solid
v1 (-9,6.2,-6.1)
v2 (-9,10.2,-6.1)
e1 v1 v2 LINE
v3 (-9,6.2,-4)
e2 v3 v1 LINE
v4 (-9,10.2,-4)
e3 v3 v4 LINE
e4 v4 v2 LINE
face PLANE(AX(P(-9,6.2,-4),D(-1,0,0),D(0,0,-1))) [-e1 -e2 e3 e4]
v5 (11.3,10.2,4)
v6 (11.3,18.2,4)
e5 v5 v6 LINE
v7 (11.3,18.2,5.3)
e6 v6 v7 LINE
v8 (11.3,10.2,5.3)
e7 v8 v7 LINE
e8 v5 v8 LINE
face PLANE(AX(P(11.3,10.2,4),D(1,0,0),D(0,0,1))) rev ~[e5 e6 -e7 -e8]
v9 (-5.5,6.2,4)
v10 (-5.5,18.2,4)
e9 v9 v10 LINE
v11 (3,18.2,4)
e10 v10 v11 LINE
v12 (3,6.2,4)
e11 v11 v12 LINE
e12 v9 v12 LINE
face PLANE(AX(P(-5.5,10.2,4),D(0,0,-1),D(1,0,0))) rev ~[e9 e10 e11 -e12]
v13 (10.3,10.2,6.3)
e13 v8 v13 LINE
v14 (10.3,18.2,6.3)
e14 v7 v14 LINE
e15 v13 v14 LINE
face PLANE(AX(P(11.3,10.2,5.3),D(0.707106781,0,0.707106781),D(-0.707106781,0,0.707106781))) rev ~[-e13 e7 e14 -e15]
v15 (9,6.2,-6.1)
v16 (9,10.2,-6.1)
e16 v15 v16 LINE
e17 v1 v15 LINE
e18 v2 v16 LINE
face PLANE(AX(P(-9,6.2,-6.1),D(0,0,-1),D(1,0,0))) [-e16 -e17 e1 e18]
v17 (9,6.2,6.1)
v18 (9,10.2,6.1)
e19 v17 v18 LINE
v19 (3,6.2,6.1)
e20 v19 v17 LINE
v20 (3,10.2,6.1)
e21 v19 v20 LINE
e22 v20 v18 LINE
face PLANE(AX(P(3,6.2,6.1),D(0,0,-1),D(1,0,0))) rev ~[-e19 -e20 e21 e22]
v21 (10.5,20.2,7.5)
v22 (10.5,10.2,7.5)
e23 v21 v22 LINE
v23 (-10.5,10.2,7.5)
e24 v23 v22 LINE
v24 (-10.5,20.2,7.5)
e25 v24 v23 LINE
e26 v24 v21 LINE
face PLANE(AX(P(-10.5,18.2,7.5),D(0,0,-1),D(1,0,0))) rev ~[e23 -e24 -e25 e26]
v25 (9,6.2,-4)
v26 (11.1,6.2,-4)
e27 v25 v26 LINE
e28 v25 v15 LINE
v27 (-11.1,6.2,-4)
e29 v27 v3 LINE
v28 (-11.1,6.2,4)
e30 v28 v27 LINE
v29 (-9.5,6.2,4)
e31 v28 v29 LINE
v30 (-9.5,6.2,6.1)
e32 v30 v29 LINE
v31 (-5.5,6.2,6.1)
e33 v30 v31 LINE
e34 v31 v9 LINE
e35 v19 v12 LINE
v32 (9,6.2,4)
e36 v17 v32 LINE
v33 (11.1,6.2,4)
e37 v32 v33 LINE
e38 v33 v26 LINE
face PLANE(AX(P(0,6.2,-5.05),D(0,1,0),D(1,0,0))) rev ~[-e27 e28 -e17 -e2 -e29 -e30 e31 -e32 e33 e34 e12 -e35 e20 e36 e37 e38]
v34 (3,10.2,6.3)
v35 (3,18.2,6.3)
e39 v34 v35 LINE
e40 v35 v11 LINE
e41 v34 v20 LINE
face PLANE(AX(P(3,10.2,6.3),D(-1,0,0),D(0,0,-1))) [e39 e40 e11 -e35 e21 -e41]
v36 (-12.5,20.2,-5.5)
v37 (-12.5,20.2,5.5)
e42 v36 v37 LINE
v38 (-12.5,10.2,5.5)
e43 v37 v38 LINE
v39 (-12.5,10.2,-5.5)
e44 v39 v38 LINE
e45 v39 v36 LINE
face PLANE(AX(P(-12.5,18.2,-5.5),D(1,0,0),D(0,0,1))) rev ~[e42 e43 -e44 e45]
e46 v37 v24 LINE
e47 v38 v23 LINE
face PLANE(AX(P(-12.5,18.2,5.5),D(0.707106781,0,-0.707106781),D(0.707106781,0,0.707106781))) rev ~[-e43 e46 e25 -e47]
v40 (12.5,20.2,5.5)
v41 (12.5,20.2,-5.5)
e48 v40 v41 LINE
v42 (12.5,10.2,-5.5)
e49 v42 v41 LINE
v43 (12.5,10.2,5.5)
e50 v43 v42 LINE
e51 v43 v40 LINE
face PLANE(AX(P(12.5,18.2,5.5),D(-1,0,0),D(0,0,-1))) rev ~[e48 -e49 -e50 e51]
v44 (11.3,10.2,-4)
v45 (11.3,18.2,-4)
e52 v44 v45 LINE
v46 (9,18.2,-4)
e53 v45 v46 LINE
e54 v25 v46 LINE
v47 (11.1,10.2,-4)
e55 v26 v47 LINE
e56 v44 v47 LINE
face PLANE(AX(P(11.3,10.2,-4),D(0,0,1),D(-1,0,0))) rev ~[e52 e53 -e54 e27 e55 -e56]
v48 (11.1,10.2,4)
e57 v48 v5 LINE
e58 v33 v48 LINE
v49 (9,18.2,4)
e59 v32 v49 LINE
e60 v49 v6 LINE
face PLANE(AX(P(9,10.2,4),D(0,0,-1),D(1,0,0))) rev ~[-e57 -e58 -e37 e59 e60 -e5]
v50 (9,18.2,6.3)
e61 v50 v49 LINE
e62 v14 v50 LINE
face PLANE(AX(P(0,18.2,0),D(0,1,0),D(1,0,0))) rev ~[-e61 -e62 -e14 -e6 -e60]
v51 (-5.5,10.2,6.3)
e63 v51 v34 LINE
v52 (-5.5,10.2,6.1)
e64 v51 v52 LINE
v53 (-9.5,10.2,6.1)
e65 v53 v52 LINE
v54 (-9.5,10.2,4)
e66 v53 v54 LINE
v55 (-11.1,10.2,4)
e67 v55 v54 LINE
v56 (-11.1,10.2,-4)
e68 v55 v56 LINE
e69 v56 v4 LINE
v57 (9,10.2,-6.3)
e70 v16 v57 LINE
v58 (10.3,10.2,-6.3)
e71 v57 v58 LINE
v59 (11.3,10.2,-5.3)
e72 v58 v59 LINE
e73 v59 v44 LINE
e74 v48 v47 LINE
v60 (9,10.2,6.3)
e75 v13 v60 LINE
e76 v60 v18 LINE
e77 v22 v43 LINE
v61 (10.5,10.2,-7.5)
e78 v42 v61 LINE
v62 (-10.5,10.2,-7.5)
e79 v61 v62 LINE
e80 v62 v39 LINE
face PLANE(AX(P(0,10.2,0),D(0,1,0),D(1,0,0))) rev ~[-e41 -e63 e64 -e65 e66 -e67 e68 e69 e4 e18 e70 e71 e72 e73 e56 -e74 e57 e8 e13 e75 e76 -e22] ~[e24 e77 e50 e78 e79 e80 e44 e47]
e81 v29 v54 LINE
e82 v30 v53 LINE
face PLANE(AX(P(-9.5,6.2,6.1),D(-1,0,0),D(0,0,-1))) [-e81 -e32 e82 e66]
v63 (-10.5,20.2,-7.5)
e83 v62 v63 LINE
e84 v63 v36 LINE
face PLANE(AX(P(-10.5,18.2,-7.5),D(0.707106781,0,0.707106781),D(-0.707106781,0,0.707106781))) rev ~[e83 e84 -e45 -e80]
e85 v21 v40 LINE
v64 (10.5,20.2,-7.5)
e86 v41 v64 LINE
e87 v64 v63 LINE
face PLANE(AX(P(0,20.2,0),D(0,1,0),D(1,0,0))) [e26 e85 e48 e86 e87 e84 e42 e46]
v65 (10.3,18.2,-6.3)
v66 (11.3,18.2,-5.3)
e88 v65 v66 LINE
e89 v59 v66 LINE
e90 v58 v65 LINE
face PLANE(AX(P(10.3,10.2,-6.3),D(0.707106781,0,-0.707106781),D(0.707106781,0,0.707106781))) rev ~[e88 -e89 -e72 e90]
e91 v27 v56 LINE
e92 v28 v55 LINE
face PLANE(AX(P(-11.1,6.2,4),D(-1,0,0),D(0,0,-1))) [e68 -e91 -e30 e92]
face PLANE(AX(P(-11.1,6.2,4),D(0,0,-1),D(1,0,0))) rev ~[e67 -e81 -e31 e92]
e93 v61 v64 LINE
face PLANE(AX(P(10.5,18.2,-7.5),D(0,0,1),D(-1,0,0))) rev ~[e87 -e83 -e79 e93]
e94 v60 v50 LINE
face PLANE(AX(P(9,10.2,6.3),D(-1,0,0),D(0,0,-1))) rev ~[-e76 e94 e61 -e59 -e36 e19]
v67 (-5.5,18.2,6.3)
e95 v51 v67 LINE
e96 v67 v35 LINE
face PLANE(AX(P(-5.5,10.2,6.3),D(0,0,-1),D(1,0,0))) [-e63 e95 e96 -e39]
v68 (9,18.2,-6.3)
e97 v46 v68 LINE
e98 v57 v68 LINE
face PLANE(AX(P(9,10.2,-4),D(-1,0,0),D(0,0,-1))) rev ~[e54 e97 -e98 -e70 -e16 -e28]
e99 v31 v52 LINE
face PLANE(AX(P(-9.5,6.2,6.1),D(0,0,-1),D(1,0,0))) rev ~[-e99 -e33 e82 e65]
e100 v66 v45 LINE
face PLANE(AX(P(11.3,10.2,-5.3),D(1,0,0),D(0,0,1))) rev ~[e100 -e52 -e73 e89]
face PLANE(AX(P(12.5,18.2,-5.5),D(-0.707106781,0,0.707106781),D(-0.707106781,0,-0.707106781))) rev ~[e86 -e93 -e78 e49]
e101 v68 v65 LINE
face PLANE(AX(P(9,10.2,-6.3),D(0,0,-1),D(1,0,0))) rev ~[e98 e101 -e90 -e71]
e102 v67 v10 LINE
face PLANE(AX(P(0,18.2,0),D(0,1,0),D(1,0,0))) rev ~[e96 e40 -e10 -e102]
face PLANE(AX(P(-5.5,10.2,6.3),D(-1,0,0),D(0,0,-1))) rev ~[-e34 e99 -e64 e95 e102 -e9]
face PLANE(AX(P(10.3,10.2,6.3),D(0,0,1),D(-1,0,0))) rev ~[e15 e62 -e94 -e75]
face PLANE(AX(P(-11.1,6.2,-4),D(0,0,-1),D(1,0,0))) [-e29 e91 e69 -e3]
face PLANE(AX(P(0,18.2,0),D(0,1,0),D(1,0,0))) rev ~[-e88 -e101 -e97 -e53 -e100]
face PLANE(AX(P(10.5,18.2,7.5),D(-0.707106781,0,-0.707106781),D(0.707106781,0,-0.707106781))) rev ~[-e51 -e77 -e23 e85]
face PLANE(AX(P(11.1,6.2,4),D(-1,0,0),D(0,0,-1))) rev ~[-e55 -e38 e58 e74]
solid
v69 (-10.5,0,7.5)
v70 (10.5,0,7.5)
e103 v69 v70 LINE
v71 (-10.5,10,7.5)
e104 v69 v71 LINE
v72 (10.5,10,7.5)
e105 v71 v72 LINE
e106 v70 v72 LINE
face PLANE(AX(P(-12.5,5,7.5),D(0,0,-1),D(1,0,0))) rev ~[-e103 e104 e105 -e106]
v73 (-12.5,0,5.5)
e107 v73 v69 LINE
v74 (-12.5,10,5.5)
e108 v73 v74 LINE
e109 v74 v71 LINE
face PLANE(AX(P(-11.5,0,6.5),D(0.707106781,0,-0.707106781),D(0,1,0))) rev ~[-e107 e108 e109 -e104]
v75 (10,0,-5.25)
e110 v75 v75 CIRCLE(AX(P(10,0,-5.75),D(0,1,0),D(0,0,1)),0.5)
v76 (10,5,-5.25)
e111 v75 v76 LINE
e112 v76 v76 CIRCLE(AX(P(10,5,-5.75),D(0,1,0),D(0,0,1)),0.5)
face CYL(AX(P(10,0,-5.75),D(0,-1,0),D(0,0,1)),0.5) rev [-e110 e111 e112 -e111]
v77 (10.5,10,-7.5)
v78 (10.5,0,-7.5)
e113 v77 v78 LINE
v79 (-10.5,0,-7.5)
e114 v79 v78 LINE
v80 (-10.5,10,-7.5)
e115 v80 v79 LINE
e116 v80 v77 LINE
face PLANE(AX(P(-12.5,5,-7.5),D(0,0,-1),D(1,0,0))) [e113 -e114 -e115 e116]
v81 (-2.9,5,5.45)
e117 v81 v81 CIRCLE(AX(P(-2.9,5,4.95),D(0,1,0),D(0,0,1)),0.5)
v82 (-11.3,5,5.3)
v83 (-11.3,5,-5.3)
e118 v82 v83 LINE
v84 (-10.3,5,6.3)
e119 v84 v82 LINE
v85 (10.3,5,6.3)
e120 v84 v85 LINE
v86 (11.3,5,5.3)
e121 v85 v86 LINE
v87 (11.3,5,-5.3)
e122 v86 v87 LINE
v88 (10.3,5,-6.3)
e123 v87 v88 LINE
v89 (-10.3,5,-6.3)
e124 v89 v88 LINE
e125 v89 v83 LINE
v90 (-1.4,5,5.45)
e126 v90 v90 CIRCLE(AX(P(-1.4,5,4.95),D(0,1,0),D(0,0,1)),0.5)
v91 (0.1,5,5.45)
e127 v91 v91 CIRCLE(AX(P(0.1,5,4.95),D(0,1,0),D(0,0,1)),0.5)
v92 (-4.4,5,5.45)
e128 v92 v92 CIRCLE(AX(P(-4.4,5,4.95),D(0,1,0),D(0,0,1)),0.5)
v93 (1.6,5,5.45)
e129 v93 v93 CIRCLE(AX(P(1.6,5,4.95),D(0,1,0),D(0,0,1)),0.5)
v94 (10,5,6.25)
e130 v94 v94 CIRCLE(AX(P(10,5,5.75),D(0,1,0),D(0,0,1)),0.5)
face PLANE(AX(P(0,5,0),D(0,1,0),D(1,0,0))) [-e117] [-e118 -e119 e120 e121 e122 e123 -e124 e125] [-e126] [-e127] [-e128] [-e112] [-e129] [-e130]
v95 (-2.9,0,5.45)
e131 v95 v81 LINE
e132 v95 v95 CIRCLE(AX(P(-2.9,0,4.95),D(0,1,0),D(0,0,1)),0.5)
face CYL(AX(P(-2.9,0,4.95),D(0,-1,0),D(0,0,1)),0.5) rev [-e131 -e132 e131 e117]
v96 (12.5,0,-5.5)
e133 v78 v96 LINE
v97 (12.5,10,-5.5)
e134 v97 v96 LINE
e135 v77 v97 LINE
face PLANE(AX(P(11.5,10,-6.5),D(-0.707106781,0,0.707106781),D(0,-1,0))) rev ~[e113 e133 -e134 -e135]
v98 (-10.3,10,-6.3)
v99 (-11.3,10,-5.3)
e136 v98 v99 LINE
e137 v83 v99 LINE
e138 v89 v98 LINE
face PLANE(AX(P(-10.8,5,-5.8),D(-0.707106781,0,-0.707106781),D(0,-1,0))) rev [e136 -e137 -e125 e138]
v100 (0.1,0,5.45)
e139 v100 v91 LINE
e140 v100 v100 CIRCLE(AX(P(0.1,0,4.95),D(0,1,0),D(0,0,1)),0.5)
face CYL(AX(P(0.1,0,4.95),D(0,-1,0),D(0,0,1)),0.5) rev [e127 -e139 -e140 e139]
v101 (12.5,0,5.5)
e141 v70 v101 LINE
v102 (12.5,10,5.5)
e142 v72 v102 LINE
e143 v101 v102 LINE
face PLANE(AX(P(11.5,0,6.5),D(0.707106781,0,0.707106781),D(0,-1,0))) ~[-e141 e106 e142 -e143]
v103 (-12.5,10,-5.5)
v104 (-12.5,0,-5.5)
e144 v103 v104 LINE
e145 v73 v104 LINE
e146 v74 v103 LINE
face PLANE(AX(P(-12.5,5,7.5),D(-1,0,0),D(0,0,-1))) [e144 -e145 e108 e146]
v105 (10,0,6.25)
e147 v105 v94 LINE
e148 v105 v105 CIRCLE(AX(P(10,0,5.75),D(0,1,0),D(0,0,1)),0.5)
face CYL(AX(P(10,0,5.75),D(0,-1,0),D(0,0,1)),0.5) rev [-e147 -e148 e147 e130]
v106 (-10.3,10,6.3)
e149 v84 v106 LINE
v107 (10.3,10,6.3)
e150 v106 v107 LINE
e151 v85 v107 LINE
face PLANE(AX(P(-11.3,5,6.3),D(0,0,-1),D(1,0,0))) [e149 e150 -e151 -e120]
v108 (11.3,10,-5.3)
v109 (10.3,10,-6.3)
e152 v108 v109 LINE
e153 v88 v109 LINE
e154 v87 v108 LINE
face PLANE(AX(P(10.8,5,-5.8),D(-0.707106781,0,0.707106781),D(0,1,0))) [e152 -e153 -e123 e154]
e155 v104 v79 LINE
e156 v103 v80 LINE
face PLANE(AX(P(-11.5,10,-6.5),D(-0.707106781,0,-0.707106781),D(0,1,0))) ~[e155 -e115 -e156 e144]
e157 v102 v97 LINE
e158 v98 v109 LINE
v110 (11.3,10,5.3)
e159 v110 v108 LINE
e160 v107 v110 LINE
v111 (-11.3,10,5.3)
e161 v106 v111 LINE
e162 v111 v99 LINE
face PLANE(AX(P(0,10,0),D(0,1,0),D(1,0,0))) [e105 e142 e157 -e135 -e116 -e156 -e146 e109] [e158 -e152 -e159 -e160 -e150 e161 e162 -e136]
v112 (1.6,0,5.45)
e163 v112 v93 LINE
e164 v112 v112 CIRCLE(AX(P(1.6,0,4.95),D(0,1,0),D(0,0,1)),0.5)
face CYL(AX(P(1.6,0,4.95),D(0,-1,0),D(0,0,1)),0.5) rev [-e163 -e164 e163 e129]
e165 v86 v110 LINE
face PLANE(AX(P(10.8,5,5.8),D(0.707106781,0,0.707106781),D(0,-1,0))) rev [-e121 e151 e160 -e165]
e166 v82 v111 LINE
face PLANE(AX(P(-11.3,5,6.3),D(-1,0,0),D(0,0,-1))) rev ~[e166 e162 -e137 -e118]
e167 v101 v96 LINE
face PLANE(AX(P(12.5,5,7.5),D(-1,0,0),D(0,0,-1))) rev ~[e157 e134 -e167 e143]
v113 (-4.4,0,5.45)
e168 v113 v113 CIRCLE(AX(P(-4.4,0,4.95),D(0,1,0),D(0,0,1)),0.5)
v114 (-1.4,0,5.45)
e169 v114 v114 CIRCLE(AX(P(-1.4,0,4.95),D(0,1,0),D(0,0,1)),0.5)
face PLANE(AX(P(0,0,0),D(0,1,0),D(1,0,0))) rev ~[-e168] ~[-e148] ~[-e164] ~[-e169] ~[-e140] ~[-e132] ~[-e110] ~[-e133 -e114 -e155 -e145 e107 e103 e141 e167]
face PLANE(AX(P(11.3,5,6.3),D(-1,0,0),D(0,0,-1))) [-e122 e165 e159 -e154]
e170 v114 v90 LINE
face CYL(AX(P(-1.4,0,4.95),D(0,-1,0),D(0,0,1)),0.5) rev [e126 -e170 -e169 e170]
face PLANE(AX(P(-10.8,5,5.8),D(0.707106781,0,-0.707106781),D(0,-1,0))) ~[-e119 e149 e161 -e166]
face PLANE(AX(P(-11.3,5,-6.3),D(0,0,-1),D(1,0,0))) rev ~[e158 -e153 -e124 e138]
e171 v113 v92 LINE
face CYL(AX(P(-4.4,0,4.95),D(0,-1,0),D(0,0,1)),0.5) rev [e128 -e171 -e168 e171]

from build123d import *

# Parameters (mm, degrees)
SKETCH2_W           = 25
SKETCH2_H           = 15
SKETCH2_R           = 0.5
BOSS_EXTRUDE1_DEPTH = 5
SKETCH3_W           = 25
SKETCH3_H           = 15
SKETCH3_W_2         = 22.6
SKETCH3_H_2         = 12.6
BOSS_EXTRUDE2_DEPTH = 5
CHAMFER1_SIZE       = 1
CHAMFER2_SIZE       = 2
BOSS_EXTRUDE3_START = 1.2
SKETCH4_W           = 18
SKETCH4_H           = 2.1
SKETCH4_W_2         = 22.2
SKETCH4_H_2         = 8
SKETCH4_W_3         = 4
SKETCH4_W_4         = 6
BOSS_EXTRUDE3_DEPTH = 4
SKETCH5_W           = 8.5
SKETCH5_H           = 2.3
BOSS_EXTRUDE4_DEPTH = 8
BOSS_EXTRUDE5_DEPTH = 2


with BuildPart() as part:
    # Sketch2 → Boss-Extrude1 (new body)
    with BuildSketch(Plane(origin=(0, 0, 0), x_dir=(1, 0, 0), z_dir=(0, 1, 0))):
        Rectangle(SKETCH2_W, SKETCH2_H)
        with Locations(Location((1.6, -4.95, 0), (0, 0, 270))):
            Circle(SKETCH2_R, mode=Mode.SUBTRACT)
        with Locations(Location((0.1, -4.95, 0), (0, 0, 270))):
            Circle(SKETCH2_R, mode=Mode.SUBTRACT)
        with Locations(Location((-1.4, -4.95, 0), (0, 0, 270))):
            Circle(SKETCH2_R, mode=Mode.SUBTRACT)
        with Locations(Location((-2.9, -4.95, 0), (0, 0, 270))):
            Circle(SKETCH2_R, mode=Mode.SUBTRACT)
        with Locations(Location((-4.4, -4.95, 0), (0, 0, 270))):
            Circle(SKETCH2_R, mode=Mode.SUBTRACT)
        with Locations(Location((10, -5.75, 0), (0, 0, 270))):
            Circle(SKETCH2_R, mode=Mode.SUBTRACT)
        with Locations(Location((10, 5.75, 0), (0, 0, 270))):
            Circle(SKETCH2_R, mode=Mode.SUBTRACT)
    extrude(amount=BOSS_EXTRUDE1_DEPTH)

    # Sketch3 → Boss-Extrude2 (add)
    with BuildSketch(Plane(origin=(0, 5, 0), x_dir=(1, 0, 0), z_dir=(0, 1, 0))):
        Rectangle(SKETCH3_W, SKETCH3_H)
        Rectangle(SKETCH3_W_2, SKETCH3_H_2, mode=Mode.SUBTRACT)
    extrude(amount=BOSS_EXTRUDE2_DEPTH)

    # Chamfer1
    chamfer1_edges = [part.edges().sort_by_distance(p)[0] for p in [
        (11.3, 7.5, 6.3),
        (11.3, 7.5, -6.3),
        (-11.3, 7.5, -6.3),
        (-11.3, 7.5, 6.3),
    ]]
    chamfer(chamfer1_edges, length=CHAMFER1_SIZE)

    # Chamfer2
    chamfer2_edges = [part.edges().sort_by_distance(p)[0] for p in [
        (12.5, 5, 7.5),
        (-12.5, 5, 7.5),
        (-12.5, 5, -7.5),
        (12.5, 5, -7.5),
    ]]
    chamfer(chamfer2_edges, length=CHAMFER2_SIZE)


with BuildPart() as body_2:
    # Sketch4 → Boss-Extrude3 (new body)
    with BuildSketch(Plane(origin=(0, 5, 0), x_dir=(1, 0, 0), z_dir=(0, 1, 0)).offset(BOSS_EXTRUDE3_START)):
        with Locations((0, 5.05)):
            Rectangle(SKETCH4_W, SKETCH4_H)
        Rectangle(SKETCH4_W_2, SKETCH4_H_2)
        with Locations((-7.5, -5.05)):
            Rectangle(SKETCH4_W_3, SKETCH4_H)
        with Locations((6, -5.05)):
            Rectangle(SKETCH4_W_4, SKETCH4_H)
    extrude(amount=BOSS_EXTRUDE3_DEPTH)

    # Sketch5 → Boss-Extrude4 (add)
    with BuildSketch(Plane(origin=(0, 10.2, 0), x_dir=(1, 0, 0), z_dir=(0, 1, 0))):
        Polygon((12.5, -5.5), (12.5, 5.5), (10.5, 7.5), (-10.5, 7.5), (-12.5, 5.5), (-12.5, -5.5), (-10.5, -7.5), (10.5, -7.5), align=None)
        Polygon((9, 4), (9, 6.3), (10.3, 6.3), (11.3, 5.3), (11.3, 4), align=None, mode=Mode.SUBTRACT)
        Polygon((9, -4), (11.3, -4), (11.3, -5.3), (10.3, -6.3), (9, -6.3), align=None, mode=Mode.SUBTRACT)
        with Locations((-1.25, -5.15)):
            Rectangle(SKETCH5_W, SKETCH5_H, mode=Mode.SUBTRACT)
    extrude(amount=BOSS_EXTRUDE4_DEPTH)

    # Sketch6 → Boss-Extrude5 (add)
    with BuildSketch(Plane(origin=(0, 18.2, 0), x_dir=(1, 0, 0), z_dir=(0, 1, 0))):
        Polygon((10.5, -7.5), (12.5, -5.5), (12.5, 5.5), (10.5, 7.5), (-10.5, 7.5), (-12.5, 5.5), (-12.5, -5.5), (-10.5, -7.5), align=None)
    extrude(amount=BOSS_EXTRUDE5_DEPTH)


solid = Compound([part.part, body_2.part])
